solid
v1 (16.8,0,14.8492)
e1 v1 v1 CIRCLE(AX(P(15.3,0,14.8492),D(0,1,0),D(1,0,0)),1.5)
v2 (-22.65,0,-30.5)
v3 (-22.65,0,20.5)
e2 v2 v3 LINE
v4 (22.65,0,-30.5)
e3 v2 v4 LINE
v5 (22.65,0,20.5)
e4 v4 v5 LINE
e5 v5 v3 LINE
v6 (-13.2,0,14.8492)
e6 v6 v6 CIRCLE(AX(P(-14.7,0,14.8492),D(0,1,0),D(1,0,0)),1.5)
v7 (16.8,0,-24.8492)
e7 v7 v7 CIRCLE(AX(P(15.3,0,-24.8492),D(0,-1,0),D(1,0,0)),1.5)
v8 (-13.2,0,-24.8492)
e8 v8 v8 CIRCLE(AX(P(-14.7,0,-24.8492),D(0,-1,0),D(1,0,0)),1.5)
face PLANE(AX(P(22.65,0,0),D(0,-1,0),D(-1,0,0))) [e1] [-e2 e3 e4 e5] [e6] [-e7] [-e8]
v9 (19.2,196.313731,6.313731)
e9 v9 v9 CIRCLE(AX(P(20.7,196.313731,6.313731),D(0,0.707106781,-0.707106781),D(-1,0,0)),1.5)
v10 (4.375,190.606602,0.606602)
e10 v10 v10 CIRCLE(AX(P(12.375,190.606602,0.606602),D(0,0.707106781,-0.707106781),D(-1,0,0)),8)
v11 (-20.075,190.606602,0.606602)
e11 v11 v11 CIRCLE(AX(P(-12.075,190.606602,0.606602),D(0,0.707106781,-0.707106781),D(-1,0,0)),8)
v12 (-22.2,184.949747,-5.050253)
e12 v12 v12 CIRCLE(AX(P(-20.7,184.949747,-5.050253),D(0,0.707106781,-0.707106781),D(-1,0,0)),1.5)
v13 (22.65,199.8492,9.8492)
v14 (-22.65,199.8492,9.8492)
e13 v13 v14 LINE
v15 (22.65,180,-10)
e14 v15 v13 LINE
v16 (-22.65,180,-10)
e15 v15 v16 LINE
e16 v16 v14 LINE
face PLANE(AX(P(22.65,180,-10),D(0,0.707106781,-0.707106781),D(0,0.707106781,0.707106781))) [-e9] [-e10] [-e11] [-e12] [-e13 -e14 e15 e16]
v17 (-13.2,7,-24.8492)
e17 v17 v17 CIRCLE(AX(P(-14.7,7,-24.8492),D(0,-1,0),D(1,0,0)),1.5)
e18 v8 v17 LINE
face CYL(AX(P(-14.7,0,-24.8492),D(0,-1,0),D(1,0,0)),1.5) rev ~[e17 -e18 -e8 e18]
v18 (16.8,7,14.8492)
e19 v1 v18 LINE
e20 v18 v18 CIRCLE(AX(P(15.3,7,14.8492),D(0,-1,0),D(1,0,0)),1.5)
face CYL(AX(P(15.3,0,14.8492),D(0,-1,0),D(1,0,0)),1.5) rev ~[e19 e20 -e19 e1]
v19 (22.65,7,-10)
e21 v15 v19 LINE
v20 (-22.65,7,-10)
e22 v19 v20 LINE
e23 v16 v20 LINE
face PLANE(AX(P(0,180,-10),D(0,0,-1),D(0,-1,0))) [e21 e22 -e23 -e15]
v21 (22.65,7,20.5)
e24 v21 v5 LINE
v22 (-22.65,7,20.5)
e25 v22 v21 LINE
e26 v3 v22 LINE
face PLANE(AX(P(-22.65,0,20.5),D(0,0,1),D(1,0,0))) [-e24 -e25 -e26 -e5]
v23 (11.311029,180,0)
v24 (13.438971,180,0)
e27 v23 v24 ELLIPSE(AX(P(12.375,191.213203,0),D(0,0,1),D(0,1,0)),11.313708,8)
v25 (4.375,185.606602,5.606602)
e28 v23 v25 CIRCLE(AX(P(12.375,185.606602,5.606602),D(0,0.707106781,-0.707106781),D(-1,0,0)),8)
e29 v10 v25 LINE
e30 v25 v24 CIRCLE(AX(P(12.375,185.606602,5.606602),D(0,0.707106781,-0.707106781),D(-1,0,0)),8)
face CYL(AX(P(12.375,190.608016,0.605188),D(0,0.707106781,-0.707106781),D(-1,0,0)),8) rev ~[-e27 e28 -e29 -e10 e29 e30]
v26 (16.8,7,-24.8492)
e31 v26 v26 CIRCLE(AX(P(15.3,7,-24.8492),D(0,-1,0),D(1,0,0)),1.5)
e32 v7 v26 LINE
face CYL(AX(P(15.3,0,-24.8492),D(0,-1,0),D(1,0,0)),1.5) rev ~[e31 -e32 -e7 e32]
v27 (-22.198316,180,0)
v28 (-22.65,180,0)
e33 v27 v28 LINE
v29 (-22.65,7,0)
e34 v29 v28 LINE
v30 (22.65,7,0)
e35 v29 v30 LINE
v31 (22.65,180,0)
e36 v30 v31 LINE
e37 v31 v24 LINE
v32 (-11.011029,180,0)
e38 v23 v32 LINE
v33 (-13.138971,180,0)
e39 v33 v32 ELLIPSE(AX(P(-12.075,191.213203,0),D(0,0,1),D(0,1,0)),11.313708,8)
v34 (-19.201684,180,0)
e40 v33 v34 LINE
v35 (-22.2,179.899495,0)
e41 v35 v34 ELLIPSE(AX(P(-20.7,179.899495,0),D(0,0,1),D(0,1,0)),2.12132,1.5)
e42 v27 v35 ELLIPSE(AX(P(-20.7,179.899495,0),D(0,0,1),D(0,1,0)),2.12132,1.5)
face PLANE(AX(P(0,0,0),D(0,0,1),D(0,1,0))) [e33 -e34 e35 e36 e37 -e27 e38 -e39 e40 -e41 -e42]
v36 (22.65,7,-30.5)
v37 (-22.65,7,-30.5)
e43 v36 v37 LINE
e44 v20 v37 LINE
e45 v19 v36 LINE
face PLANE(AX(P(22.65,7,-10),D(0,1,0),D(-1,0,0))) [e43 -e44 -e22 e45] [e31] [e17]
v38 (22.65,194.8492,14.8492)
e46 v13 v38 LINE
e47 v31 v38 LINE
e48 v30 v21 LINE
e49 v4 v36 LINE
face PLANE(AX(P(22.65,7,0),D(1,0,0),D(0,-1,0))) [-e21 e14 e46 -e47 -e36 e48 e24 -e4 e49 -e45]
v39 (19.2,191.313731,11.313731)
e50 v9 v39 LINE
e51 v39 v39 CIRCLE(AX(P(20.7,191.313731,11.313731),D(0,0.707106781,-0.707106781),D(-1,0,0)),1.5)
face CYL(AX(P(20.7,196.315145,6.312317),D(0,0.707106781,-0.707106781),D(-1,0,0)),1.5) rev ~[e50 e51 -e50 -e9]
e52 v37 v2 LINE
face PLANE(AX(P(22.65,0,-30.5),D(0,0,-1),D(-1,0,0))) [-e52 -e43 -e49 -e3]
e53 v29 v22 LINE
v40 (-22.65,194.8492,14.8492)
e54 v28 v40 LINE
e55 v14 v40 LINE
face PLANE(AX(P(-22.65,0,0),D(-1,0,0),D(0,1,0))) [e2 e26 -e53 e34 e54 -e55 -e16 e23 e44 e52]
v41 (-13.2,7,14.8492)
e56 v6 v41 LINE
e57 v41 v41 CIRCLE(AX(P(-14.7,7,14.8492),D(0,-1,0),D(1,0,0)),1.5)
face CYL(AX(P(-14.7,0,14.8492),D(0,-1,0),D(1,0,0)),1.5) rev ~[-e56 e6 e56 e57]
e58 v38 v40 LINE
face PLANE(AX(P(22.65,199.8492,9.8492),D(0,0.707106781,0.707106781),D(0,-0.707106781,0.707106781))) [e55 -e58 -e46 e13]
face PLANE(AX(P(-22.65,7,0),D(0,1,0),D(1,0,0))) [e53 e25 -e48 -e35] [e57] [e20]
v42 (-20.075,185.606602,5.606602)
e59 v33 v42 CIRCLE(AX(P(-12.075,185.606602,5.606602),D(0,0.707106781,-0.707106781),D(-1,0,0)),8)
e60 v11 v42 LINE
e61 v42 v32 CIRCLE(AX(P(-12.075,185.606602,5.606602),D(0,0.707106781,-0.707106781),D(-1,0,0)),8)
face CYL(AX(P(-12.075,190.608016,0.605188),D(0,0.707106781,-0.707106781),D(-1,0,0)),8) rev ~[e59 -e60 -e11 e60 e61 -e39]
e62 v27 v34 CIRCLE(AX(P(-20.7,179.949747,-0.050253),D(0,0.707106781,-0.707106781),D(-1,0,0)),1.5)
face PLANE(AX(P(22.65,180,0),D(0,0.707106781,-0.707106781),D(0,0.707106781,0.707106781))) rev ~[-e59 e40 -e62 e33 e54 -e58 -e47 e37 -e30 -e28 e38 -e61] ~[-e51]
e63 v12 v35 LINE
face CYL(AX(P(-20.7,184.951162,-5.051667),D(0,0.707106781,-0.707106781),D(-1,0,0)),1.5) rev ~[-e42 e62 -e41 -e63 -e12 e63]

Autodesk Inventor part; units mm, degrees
ref_plane "YZ Plane" through (0, 0, 0) normal (1, 0, 0) x (0, 1, 0)
ref_plane "XZ Plane" through (0, 0, 0) normal (0, 1, 0) x (-1, 0, 0)
ref_plane "XY Plane" through (0, 0, 0) normal (0, 0, 1) x (1, 0, 0)
sketch "Boceto6" plane through (0, 0, 0) normal (1, 0, 0) x (0, 1, 0)
  line L0 (0, 0) -> (180, 0)
  line L1 (180, 0) -> (180, -10)
  line L2 (180, -10) -> (0, -10)
  line L3 (0, -10) -> (0, 0)
  dimension "d12" = 180
  dimension "d13" = 10
extrude "Extrusión3" add sketch "Boceto6" along normal mid plane 45.3
sketch "Boceto7" plane through (22.65, 0, 0) normal (1, 0, 0) x (0, 0, -1)
  line L0 (10, 0) -> (10, 180) projected
  line L1 (10, 180) -> (0, 180) projected
  line L2 (10, 180) -> (0, 180)
  line L3 (0, 180) -> (-14.8492, 194.8492)
  line L4 (10, 180) -> (-9.8492, 199.8492)
  line L5 (10, 180) -> (38.0711, 180) construction
  line L6 (-9.8492, 199.8492) -> (-14.8492, 194.8492)
  point P0 (0, 0)
  dimension "d16" = 21
  dimension "d17" = 135
  dimension "d18" = 135
extrude "Extrusión4" add sketch "Boceto7" against normal blind 45.3
sketch "Boceto8" plane through (22.65, 180, -10) normal (0, 0.7071, -0.7071) x (-1, 0, 0)
  circle A0 centre (10.275, 15) radius 8
  circle A1 centre (34.725, 15) radius 8
  line L0 (0, 0) -> (0, 28.0711) projected
  line L1 (45.3, 0) -> (0, 0) projected
  point P0 (22.65, -120.2082)
  dimension "d21" = 16
  dimension "d22" = 16
  dimension "d23" = 24.45
  dimension "d24" = 10.275
  dimension "d25" = 15
  dimension "d26" = 15
extrude "Extrusión5" cut sketch "Boceto8" against normal blind 8.25
sketch "Boceto11" plane through (22.65, 180, -10) normal (0, 0.7071, -0.7071) x (-1, 0, 0)
  circle A0 centre (1.95, 23.0711) radius 1.5
  line L0 (0, 0) -> (0, 28.0711) projected
  line L1 (0, 28.0711) -> (45.3, 28.0711) projected
  circle A1 centre (43.35, 7) radius 1.5
  line L2 (45.3, 28.0711) -> (45.3, 0) projected
  line L3 (45.3, 0) -> (0, 0) projected
  point P0 (22.65, -120.2082)
  point P1 (45.5, 0)
  dimension "d29" = 3
  dimension "d30" = 1.95
  dimension "d31" = 5
  dimension "d32" = 3
  dimension "d33" = 1.95
  dimension "d34" = 7
extrude "Extrusión6" cut sketch "Boceto11" against normal blind 12.5 contours A0 | A1
sketch "Boceto12" plane through (22.65, 0, -10) normal (0, 0, -1) x (-1, 0, 0)
  line L0 (0, 0) -> (0, 180) projected
  line L1 (0, 7) -> (45.3, 7)
  line L2 (45.3, 7) -> (45.3, 0)
  line L3 (45.3, 0) -> (0, 0)
  line L4 (0, 0) -> (0, 7)
  line L5 (0, 0) -> (45.3, 0) projected
  point P0 (22.65, 0)
  point P1 (22.65, 0)
  dimension "d37" = 7
  dimension "d38" = 0
extrude "Extrusión7" add sketch "Boceto12" along normal blind 20.5
sketch "Boceto13" plane through (-22.65, 0, 0) normal (0, 0, 1) x (1, 0, 0)
  line L0 (0, 0) -> (0, 180) projected
  line L1 (0, 7) -> (45.3, 7)
  line L2 (45.3, 7) -> (45.3, 0)
  line L3 (45.3, 0) -> (0, 0)
  line L4 (0, 0) -> (0, 7)
  line L5 (0, 0) -> (45.3, 0) projected
  point P0 (22.65, 0)
  dimension "d41" = 7
  dimension "d42" = 0
extrude "Extrusión8" add sketch "Boceto13" along normal blind 20.5
sketch "Boceto15" plane through (-22.65, 0, -30.5) normal (0, -1, 0) x (1, 0, 0)
  circle A0 centre (7.95, 45.3492) radius 1.5
  line L0 (45.3, 45.3492) -> (0, 45.3492) projected
  circle A1 centre (37.95, 45.3492) radius 1.5
  line L1 (0, 51) -> (45.3, 51) projected
  circle A2 centre (7.95, 5.6508) radius 1.5
  circle A3 centre (37.95, 5.6508) radius 1.5
  line L2 (45.3, 0) -> (0, 0) projected
  line L3 (45.3, 0) -> (45.3, 51) projected
  point P0 (22.65, 30.5)
  dimension "d45" = 3
  dimension "d46" = 3
  dimension "d47" = 5.6508
  dimension "d48" = 3
  dimension "d49" = 3
  dimension "d50" = 5.6508
  dimension "d51" = 5.6508
  dimension "d52" = 30
  dimension "d53" = 30
  dimension "d54" = -7.35
  dimension "d55" = -7.35
extrude "Extrusión9" cut sketch "Boceto15" against normal blind 20.5
equation "\"d50\" = d47"
equation "\"d51\" = d47"
equation "\"d55\" = d54"
properties part number "Soporte_Ultrasonido"
